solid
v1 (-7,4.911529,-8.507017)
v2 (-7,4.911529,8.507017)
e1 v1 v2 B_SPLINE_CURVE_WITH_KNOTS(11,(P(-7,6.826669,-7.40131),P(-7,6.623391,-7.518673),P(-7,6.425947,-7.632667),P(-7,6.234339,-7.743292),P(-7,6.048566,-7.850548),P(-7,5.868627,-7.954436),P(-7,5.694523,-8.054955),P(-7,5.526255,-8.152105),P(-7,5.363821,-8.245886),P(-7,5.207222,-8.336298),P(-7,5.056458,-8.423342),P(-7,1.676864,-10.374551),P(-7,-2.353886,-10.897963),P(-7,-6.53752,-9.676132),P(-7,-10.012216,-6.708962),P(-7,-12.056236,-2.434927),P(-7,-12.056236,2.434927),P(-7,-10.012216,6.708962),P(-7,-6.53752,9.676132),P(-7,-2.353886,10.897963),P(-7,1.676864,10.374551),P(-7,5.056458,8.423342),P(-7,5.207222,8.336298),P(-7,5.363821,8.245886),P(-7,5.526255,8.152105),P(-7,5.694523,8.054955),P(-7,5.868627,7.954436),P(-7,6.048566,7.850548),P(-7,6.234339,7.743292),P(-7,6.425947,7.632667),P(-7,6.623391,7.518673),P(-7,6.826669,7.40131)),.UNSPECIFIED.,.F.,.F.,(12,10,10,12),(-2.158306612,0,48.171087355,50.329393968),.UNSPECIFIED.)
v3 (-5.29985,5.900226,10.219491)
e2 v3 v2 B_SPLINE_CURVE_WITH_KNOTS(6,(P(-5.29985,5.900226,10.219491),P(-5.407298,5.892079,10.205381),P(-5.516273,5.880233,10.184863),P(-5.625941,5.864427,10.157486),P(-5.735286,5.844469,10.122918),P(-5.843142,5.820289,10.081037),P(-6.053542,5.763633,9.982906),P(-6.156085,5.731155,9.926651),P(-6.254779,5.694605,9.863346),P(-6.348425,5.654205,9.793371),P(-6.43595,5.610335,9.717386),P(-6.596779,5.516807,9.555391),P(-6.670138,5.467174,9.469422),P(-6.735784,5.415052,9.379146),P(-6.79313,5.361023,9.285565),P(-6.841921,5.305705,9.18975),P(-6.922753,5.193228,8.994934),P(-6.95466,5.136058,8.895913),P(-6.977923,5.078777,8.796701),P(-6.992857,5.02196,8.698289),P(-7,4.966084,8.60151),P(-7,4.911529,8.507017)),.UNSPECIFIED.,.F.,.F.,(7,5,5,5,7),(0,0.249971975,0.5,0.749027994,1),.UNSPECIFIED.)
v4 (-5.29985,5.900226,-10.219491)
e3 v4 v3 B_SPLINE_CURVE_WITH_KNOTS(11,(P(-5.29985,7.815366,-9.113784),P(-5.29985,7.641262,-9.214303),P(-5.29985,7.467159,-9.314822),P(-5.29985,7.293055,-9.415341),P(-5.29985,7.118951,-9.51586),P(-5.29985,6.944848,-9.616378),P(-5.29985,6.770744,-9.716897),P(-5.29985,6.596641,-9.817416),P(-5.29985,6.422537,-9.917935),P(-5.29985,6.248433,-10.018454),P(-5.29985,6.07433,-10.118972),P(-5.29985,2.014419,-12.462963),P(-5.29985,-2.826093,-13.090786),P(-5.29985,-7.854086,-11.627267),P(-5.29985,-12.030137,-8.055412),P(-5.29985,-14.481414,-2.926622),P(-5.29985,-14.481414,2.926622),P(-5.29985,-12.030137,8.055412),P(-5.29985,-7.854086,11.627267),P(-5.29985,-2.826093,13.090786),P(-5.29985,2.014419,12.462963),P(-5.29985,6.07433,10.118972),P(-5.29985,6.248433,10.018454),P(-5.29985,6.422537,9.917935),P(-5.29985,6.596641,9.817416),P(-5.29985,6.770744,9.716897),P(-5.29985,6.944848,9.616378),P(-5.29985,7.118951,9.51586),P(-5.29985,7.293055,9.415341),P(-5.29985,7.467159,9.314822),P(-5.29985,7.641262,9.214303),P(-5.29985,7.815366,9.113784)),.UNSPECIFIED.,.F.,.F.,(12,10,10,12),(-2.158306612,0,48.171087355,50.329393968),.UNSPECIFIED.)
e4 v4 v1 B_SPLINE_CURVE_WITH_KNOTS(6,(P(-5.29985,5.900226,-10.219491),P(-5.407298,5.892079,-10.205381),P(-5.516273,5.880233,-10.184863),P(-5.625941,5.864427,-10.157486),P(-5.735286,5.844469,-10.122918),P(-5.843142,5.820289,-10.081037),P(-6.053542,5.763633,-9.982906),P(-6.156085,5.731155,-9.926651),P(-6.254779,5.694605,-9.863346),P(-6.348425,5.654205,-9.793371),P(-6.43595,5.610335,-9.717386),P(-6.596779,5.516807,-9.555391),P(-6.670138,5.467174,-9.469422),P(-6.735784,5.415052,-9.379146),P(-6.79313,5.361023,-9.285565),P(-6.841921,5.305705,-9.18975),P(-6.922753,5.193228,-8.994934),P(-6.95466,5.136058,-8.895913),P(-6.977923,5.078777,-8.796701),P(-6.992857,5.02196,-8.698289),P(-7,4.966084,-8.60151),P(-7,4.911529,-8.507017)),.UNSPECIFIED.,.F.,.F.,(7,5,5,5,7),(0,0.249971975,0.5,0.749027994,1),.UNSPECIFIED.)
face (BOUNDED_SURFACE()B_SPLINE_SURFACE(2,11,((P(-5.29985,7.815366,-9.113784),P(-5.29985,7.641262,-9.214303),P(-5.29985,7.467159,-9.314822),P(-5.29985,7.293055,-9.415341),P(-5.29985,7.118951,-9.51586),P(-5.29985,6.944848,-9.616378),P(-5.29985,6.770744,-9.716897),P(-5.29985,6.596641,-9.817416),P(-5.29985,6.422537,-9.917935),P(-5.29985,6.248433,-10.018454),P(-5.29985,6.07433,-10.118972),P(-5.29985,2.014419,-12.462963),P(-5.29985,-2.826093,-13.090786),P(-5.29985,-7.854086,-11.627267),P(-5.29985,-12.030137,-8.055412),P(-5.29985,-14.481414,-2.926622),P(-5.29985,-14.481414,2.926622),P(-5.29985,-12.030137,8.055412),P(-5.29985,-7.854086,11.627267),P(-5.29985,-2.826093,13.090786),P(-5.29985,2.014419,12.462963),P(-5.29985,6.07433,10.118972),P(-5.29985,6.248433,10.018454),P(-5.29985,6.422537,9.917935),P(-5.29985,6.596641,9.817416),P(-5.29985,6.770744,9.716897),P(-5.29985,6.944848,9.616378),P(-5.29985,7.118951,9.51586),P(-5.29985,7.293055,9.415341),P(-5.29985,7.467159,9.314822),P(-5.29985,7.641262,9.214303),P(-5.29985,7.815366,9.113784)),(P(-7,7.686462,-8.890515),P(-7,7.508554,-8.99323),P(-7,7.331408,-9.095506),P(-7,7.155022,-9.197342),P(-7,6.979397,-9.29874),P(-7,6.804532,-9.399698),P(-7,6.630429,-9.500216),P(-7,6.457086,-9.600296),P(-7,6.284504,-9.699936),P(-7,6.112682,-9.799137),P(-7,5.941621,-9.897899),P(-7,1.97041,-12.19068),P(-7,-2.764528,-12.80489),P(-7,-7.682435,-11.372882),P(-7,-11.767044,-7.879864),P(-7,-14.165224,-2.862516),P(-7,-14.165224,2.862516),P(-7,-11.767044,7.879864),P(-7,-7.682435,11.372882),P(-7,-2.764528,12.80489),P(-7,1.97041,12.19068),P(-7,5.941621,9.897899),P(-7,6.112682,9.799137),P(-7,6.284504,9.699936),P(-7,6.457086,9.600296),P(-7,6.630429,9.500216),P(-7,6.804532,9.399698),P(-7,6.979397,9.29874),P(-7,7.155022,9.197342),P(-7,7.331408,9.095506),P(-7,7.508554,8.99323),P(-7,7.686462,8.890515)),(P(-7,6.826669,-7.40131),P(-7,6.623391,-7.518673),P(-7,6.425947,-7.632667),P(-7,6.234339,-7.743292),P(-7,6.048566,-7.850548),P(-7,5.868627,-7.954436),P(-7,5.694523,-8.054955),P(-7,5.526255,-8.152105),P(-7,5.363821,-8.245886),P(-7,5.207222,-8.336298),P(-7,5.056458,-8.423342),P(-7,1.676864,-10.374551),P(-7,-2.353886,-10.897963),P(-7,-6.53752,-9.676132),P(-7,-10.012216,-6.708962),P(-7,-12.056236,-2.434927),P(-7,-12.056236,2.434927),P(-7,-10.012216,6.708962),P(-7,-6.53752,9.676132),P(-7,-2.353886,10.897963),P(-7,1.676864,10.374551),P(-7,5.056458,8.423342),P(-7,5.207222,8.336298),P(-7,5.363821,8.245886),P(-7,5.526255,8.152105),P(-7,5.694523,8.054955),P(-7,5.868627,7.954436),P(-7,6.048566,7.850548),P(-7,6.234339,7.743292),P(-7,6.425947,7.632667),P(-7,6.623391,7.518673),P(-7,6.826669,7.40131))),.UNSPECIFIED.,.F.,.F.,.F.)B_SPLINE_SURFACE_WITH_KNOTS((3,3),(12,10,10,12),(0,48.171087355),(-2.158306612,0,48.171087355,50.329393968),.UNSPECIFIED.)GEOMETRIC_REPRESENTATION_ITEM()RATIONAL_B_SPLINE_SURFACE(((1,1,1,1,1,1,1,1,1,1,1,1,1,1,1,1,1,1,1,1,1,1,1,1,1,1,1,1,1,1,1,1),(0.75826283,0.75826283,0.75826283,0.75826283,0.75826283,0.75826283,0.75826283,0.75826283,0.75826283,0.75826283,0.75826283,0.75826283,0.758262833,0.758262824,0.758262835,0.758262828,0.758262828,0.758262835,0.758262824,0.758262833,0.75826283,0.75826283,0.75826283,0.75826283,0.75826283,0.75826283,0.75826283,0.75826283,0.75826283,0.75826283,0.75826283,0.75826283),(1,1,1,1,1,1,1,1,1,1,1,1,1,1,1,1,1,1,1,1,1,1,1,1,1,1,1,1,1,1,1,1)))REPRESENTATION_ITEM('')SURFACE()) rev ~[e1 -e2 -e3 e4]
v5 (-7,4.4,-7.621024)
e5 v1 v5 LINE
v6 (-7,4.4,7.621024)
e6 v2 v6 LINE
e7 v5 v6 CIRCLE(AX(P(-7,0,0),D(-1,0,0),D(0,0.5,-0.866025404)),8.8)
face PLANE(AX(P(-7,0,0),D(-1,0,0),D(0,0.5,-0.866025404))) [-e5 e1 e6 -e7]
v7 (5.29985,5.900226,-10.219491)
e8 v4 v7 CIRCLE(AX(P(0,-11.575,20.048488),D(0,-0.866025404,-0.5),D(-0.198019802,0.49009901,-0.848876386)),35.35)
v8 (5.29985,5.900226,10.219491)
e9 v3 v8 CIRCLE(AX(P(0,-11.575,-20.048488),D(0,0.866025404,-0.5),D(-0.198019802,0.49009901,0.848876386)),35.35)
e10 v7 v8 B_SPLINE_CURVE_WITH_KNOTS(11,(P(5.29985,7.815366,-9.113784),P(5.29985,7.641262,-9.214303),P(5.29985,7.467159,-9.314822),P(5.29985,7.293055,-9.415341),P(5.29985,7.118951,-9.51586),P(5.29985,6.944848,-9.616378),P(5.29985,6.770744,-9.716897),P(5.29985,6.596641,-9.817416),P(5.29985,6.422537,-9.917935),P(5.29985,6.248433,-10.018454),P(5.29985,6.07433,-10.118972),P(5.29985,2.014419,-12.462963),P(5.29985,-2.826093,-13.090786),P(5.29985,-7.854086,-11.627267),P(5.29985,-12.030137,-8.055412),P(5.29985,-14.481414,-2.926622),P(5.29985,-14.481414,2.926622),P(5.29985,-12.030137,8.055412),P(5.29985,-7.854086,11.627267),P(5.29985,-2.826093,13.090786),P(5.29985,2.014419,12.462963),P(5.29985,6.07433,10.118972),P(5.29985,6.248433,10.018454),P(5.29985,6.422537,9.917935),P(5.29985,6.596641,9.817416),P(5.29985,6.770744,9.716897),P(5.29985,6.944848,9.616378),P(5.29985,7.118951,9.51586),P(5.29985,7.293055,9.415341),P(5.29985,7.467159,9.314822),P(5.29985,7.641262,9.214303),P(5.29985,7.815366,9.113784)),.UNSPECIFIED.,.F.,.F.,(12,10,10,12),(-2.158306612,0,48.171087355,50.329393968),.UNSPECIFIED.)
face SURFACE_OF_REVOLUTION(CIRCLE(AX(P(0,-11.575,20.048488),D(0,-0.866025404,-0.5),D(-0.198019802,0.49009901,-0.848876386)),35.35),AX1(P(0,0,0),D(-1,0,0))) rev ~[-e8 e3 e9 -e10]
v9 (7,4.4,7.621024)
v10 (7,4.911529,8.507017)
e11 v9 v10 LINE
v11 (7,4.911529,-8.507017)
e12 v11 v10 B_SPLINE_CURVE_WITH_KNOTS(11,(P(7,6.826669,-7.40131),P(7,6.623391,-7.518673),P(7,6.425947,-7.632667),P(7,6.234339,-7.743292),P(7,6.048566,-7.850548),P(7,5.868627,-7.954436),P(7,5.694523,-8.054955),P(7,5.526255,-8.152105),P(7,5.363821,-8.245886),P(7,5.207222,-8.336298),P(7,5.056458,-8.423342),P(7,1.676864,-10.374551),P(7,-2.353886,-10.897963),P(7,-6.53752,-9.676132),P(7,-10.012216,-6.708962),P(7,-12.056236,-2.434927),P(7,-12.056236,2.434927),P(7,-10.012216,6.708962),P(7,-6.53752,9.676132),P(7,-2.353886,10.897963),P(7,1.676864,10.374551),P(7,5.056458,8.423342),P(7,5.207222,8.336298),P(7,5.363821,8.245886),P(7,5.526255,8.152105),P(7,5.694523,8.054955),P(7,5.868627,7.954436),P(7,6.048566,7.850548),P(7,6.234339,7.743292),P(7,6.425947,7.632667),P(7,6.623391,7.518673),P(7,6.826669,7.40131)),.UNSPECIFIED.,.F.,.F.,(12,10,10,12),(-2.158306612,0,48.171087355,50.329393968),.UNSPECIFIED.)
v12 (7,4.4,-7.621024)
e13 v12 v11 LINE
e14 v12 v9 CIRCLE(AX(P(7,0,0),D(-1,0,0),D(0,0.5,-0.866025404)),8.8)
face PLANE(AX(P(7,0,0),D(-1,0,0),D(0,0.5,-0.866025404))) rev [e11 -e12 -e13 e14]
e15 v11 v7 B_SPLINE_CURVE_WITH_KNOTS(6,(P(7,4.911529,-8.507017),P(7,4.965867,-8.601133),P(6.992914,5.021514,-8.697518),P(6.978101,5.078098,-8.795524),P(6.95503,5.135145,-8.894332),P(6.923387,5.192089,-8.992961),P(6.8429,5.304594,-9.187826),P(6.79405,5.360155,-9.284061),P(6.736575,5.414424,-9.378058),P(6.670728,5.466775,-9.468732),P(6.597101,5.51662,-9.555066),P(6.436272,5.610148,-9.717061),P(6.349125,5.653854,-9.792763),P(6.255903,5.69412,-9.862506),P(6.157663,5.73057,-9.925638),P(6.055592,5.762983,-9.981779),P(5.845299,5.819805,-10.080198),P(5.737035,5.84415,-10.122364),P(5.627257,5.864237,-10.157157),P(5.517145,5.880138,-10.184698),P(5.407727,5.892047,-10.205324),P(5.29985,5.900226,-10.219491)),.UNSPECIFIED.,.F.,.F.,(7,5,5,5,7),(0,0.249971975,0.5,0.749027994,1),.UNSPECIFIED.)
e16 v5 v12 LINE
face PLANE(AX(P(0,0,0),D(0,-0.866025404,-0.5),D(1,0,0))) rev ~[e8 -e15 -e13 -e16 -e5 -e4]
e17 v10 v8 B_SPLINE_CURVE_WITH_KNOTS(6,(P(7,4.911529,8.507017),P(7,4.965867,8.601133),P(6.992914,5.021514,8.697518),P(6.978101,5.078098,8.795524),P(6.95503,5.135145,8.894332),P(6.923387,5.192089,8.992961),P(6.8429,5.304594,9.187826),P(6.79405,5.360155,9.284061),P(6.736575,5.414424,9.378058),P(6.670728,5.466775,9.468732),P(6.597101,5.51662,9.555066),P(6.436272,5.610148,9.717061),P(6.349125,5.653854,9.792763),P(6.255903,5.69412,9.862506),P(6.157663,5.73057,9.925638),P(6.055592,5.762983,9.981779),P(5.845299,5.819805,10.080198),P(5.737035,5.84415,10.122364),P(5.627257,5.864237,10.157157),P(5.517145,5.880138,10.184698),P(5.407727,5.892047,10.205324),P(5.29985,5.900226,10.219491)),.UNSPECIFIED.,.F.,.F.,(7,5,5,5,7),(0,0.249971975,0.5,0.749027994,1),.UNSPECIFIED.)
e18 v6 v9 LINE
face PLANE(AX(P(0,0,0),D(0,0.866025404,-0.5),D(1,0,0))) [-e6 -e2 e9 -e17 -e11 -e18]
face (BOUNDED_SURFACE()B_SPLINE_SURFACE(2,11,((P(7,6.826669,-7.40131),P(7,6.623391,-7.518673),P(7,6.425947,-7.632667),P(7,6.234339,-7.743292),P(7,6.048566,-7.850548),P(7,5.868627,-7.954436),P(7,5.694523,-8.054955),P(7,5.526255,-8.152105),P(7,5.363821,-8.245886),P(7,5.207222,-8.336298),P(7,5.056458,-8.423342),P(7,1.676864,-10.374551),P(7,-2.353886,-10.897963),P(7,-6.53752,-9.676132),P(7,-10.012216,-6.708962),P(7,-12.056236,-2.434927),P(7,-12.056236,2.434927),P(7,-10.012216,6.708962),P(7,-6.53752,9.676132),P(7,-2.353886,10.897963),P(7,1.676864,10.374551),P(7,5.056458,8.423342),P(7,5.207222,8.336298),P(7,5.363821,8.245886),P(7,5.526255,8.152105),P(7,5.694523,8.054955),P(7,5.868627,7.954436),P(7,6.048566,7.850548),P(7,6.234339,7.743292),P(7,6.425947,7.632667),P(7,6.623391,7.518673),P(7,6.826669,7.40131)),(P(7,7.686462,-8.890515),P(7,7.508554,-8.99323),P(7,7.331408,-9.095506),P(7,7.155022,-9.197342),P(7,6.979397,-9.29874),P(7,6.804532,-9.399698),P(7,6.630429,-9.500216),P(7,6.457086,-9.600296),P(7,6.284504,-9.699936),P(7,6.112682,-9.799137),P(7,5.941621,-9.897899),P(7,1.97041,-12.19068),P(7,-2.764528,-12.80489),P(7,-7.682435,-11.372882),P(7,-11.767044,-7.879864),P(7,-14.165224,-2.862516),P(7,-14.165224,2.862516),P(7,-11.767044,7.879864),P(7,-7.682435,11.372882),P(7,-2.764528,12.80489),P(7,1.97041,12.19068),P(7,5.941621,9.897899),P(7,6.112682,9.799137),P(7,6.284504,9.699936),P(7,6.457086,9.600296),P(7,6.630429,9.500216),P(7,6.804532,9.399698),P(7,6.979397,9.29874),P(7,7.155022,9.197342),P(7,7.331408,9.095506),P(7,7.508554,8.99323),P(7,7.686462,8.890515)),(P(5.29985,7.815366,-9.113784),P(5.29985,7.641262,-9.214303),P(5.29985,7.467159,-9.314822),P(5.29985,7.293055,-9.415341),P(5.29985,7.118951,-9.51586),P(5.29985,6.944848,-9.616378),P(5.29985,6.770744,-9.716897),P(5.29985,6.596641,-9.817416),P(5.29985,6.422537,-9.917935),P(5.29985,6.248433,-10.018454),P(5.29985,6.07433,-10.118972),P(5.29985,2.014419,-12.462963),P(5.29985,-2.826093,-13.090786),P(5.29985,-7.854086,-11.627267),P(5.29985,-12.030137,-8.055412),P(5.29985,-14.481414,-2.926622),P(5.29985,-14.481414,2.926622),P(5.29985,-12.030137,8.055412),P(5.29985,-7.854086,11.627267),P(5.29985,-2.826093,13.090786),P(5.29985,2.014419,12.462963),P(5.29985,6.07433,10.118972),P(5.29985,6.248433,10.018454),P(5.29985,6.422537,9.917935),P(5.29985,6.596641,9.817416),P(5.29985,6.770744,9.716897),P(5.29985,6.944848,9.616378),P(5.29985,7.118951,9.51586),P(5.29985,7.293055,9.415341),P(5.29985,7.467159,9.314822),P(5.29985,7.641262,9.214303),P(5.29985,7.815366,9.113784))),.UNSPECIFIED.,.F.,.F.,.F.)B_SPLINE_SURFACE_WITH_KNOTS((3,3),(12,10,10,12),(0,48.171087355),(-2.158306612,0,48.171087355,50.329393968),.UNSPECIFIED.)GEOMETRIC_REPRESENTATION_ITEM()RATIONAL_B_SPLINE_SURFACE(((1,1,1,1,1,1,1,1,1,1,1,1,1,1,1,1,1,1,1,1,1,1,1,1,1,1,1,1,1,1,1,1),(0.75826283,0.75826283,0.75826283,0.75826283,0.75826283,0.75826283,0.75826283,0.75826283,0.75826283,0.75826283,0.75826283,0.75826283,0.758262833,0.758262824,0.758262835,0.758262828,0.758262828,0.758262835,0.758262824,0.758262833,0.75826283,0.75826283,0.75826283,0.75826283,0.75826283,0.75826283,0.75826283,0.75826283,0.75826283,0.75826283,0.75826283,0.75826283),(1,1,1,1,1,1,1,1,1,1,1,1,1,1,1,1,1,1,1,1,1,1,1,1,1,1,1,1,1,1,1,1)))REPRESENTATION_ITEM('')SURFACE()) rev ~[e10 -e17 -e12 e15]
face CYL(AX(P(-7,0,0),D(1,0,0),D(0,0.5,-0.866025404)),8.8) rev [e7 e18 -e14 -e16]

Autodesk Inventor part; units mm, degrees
ref_plane "YZ Plane" through (0, 0, 0) normal (1, 0, 0) x (0, 1, 0)
ref_plane "XZ Plane" through (0, 0, 0) normal (0, 1, 0) x (-1, 0, 0)
ref_plane "XY Plane" through (0, 0, 0) normal (0, 0, 1) x (1, 0, 0)
sketch "スケッチ1" plane through (0, 0, 0) normal (0, 0, 1) x (1, 0, 0)
  line L0 (0, 0) -> (23.2776, 0) construction
  line L1 (-7, -8.8) -> (7, -8.8)
  line L2 (7, -8.8) -> (7, -11.5)
  line L3 (7, -11.5) -> (-7, -11.5) construction
  line L4 (-7, -11.5) -> (-7, -8.8)
  line L5 (0, 0) -> (0, -16.4759) construction
  arc A0 (-7, -11.5) -> (7, -11.5) centre (0, 23.15) ccw
  line L6 (0, -12.2) -> (12.7013, -12.2) construction
  line L7 (0, 0) -> (-18.8146, 0) construction
  dimension "d0" = 14
  dimension "d1" = 8.8
  dimension "d2" = 12.2
  dimension "d4" = 11.5
revolve "回転1" add sketch "スケッチ1" angle 240 mid plane about axis through (0, 0, 0) along (-1, 0, 0)
fillet "フィレット1" radius 2 2 edges at (7, -11.5, 0) (-7, -11.5, 0)
properties part number "GRIP_RUBBER" material "ゴム、シリコーン"
